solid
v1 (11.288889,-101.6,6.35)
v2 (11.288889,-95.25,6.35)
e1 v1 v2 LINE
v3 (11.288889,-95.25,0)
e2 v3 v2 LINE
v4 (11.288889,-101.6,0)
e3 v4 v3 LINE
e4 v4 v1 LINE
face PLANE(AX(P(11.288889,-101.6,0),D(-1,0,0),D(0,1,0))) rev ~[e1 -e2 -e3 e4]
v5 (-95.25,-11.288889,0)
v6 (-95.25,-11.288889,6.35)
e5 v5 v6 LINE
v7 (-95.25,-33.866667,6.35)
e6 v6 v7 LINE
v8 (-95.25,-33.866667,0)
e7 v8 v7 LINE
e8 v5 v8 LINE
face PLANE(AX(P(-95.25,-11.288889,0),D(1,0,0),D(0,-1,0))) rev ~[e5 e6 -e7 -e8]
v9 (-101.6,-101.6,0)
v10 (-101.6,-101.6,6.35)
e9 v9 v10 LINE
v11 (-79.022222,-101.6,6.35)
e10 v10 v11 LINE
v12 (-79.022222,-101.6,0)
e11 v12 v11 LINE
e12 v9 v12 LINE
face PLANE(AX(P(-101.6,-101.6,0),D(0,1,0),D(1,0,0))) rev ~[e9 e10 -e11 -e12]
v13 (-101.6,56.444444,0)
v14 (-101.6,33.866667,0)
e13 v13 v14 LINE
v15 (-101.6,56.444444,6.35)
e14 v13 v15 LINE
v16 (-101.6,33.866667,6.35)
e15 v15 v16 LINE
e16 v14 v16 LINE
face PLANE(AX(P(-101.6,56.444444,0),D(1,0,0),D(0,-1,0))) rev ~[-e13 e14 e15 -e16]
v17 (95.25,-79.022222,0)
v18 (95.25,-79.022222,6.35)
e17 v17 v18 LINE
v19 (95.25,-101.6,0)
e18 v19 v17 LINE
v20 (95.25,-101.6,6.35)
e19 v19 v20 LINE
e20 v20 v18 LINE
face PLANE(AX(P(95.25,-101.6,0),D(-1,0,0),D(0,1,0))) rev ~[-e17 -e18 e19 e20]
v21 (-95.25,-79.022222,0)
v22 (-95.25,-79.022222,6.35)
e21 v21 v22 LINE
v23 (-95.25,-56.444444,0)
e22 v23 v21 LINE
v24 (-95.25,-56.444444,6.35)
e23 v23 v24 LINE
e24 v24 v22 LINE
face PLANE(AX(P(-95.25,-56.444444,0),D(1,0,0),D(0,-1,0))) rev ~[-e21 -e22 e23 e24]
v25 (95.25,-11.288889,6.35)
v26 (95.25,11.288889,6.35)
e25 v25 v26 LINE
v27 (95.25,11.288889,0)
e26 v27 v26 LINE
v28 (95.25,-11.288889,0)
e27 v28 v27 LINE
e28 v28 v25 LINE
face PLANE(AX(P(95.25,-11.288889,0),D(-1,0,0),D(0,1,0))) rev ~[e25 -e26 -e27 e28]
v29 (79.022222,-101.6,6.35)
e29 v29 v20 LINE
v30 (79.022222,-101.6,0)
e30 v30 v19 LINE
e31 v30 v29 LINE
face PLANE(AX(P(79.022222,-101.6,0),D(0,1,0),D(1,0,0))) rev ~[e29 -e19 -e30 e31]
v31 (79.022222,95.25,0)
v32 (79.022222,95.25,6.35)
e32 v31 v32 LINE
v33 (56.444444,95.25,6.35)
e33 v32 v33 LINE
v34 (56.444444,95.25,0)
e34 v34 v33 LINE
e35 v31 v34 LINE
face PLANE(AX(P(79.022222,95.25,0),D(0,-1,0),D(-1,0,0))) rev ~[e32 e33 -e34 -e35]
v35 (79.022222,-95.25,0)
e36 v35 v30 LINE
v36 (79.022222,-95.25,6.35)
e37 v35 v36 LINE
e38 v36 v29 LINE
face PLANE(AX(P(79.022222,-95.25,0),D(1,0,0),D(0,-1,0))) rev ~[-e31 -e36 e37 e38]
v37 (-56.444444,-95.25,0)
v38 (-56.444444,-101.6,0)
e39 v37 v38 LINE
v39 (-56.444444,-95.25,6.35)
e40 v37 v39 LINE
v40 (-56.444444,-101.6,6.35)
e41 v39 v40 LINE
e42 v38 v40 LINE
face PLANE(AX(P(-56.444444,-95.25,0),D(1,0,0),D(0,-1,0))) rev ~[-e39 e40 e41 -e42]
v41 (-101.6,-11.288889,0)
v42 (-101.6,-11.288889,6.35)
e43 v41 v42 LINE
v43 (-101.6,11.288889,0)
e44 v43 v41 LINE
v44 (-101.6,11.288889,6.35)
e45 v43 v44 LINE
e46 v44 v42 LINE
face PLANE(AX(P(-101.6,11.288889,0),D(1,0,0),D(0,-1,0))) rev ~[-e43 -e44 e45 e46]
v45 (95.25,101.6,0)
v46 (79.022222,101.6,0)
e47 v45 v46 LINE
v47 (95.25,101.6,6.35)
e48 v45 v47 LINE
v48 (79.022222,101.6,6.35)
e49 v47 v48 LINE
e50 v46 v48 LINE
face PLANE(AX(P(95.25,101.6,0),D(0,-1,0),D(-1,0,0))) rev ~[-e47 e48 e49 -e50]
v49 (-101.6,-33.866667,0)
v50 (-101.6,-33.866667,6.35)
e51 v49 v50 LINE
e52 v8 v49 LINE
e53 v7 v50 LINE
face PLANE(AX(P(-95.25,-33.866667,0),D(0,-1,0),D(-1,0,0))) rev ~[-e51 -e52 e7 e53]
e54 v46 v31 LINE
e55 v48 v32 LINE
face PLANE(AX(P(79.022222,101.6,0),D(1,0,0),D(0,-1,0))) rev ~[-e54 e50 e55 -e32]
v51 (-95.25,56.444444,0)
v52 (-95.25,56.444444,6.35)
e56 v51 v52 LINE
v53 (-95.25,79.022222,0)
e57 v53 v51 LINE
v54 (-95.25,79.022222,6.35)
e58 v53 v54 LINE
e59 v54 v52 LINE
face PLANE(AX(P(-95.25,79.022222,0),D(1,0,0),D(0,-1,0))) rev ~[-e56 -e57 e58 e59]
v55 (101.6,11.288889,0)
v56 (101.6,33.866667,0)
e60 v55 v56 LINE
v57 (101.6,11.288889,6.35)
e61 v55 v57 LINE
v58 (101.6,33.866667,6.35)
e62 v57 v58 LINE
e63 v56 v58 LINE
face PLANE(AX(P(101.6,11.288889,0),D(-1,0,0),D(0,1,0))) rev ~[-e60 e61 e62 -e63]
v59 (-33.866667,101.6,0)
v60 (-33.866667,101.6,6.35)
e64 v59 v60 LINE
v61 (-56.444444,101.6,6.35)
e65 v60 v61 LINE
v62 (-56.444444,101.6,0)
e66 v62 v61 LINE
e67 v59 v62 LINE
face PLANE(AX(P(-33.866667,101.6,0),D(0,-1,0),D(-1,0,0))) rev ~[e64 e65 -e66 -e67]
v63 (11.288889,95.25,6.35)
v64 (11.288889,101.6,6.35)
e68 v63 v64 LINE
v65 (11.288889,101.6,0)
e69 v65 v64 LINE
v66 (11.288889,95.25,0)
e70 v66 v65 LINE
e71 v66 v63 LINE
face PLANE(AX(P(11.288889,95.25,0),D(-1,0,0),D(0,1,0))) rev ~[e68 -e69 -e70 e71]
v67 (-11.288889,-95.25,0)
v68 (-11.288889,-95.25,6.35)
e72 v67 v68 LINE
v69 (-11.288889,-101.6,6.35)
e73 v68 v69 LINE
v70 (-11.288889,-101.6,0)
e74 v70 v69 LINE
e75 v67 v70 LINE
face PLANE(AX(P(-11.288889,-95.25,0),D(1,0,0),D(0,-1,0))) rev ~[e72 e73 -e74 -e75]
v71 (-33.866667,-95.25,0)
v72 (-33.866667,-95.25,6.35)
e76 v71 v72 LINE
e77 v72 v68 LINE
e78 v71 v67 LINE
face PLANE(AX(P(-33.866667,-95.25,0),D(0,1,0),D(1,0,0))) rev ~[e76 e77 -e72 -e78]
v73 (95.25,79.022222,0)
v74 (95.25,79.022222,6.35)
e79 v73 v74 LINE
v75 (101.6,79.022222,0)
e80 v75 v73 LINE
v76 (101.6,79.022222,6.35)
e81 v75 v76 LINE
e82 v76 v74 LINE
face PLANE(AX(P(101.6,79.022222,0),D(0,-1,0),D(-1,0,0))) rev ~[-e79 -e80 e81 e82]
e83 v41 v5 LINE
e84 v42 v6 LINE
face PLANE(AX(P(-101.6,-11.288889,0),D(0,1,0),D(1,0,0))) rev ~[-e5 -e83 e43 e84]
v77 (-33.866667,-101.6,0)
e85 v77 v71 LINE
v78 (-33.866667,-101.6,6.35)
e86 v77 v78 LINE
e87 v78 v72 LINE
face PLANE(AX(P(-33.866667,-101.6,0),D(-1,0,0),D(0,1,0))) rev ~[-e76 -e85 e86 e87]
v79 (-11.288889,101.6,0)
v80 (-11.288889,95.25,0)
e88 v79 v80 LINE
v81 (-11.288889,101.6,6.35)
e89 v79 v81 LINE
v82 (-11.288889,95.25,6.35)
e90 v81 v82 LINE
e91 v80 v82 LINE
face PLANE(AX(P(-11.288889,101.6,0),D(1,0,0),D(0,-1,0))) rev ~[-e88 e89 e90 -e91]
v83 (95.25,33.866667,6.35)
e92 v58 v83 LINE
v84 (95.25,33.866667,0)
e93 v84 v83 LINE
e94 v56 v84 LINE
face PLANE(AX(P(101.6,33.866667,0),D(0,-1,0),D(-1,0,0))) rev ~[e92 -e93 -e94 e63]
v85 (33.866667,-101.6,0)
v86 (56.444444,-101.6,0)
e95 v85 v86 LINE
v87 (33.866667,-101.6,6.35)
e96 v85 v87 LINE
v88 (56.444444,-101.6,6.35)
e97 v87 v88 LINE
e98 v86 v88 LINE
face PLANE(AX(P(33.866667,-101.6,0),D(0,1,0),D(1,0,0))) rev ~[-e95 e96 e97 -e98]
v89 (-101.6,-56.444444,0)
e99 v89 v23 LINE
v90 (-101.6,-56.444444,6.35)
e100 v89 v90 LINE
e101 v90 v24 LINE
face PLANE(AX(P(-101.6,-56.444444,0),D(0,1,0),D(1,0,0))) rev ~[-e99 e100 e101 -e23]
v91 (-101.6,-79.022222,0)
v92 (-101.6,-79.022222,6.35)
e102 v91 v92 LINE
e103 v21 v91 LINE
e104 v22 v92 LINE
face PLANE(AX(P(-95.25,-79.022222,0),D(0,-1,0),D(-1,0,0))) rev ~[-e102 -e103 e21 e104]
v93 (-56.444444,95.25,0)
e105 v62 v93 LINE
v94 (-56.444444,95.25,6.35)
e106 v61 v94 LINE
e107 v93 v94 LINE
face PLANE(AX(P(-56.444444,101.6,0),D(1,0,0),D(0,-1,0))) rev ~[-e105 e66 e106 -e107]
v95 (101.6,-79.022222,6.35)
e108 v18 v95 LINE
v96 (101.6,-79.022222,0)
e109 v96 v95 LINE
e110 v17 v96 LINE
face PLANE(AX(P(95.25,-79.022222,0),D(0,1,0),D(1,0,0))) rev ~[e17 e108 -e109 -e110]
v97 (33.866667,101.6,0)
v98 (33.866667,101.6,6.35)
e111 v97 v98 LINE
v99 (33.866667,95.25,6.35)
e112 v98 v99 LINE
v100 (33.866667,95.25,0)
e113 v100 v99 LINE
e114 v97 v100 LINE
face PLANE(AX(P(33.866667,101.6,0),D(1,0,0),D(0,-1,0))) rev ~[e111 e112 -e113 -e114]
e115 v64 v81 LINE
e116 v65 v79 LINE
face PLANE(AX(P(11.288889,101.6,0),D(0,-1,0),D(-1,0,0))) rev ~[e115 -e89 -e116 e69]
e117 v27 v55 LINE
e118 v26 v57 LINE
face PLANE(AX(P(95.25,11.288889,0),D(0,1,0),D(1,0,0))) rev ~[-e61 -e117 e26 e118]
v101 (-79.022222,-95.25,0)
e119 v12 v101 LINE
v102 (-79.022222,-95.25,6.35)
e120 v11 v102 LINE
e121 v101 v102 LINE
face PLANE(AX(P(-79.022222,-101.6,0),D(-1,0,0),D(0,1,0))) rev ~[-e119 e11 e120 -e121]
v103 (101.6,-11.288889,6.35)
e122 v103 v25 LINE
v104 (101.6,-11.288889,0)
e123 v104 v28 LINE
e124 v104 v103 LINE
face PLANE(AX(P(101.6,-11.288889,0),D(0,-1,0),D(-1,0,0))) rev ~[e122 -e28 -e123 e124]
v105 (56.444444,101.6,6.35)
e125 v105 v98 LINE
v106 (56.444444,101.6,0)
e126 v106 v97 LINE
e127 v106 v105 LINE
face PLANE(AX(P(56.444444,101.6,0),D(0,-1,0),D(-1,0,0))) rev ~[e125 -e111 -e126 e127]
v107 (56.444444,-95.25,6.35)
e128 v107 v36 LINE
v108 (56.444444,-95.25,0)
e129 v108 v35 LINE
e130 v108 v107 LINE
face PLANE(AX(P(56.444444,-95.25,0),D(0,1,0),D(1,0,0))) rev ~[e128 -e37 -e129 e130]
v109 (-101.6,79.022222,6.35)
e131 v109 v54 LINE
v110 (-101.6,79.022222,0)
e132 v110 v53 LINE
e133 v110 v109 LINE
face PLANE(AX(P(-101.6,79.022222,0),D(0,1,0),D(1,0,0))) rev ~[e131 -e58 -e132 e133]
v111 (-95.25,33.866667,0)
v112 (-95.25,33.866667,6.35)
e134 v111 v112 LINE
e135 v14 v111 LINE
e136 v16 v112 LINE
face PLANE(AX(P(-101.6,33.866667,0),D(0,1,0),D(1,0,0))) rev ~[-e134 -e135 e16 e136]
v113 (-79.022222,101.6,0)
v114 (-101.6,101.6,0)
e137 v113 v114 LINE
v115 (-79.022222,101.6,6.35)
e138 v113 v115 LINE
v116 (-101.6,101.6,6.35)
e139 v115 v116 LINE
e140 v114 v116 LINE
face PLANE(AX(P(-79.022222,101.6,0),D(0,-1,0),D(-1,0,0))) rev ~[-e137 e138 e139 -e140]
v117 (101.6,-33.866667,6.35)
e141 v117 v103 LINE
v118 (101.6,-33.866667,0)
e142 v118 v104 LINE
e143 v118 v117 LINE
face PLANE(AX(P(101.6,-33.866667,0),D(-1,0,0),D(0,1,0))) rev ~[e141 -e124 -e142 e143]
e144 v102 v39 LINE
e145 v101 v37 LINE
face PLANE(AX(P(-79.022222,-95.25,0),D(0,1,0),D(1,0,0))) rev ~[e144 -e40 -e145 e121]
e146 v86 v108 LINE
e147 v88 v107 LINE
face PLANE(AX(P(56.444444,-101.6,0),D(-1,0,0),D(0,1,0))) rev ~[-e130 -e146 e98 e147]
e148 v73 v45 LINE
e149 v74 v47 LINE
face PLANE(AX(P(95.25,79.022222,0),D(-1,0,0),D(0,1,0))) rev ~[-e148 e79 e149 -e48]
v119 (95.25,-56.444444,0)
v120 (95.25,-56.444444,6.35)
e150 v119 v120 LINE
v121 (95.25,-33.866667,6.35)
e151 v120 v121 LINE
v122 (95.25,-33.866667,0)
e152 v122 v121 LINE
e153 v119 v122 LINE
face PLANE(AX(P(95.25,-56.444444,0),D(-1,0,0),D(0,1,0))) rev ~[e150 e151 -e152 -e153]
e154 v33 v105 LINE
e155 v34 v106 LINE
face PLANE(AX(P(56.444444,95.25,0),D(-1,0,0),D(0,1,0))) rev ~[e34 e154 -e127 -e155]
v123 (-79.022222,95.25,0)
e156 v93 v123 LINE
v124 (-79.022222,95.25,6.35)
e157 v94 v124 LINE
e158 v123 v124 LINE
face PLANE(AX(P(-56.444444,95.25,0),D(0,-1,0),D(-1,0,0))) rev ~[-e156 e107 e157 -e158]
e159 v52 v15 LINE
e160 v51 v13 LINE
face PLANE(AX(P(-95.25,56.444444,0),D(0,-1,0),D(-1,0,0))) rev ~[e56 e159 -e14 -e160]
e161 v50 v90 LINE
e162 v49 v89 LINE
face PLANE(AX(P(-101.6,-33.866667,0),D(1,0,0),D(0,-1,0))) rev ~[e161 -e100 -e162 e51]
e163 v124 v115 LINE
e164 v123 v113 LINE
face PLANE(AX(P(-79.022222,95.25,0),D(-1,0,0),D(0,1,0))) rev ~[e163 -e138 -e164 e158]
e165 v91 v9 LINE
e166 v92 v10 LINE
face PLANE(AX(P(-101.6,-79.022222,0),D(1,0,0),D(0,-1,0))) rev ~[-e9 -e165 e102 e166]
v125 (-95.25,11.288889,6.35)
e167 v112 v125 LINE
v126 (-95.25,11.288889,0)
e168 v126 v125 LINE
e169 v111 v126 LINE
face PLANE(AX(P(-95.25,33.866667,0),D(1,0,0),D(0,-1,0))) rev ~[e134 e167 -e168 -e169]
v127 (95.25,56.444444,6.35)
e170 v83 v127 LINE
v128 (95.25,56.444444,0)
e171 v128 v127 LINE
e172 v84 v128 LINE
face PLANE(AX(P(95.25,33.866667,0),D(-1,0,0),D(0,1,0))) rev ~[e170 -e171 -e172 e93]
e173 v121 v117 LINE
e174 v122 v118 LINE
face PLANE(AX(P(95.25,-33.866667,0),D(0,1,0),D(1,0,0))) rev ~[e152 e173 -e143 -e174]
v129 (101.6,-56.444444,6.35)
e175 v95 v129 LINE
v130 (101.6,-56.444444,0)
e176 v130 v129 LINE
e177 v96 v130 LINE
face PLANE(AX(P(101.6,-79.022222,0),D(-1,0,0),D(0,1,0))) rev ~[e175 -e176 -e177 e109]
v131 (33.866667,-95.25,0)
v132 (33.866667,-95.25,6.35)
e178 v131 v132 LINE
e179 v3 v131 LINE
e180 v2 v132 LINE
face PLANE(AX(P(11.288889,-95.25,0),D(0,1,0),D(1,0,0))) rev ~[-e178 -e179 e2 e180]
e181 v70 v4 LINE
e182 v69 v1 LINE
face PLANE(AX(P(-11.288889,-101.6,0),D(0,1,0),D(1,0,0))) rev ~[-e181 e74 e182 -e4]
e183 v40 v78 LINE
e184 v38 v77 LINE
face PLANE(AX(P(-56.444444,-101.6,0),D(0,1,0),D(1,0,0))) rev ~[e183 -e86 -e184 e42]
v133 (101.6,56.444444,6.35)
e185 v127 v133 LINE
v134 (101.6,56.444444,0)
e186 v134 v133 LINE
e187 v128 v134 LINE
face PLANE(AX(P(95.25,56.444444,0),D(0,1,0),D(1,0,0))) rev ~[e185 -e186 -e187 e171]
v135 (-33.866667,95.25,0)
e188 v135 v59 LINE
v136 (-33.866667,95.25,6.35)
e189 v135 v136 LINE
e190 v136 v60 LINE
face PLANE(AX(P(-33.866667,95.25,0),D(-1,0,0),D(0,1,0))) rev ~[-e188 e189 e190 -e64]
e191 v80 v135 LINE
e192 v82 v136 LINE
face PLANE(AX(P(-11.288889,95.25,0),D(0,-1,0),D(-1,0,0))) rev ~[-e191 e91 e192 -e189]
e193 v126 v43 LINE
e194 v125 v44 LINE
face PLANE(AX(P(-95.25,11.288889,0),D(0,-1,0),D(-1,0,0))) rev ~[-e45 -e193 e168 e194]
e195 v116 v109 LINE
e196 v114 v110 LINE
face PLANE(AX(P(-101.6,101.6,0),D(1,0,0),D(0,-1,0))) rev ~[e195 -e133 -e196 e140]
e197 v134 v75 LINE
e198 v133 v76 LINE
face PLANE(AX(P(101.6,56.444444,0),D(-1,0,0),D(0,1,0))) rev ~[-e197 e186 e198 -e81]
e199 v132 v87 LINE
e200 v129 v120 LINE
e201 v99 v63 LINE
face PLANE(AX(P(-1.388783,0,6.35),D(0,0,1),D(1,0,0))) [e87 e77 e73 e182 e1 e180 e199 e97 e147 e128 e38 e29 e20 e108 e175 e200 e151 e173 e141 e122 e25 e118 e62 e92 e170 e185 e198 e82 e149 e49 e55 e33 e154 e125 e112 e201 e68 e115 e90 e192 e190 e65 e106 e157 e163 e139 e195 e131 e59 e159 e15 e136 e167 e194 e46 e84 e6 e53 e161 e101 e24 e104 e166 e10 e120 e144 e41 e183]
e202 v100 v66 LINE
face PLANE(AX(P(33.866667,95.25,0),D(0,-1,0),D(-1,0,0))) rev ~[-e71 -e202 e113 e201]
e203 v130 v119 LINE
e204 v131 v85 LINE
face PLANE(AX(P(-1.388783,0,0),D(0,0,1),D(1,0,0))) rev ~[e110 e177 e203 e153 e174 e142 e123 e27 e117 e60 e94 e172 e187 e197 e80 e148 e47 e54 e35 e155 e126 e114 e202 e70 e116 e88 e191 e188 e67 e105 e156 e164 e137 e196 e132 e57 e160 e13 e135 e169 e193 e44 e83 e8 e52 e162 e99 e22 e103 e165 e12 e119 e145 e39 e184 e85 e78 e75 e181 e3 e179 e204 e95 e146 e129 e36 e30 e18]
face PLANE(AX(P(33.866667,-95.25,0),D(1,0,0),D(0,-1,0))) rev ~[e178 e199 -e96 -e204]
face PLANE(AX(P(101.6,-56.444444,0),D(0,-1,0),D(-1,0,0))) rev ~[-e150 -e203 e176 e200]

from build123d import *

# Parameters (mm, degrees)
F1_DEPTH = 6.35


with BuildPart() as f1:
    # F0 (on Top) → F1 (new body)
    with BuildSketch(Plane.XY):
        Polygon((-79.022222, 95.25), (-79.022222, 101.6), (-101.6, 101.6), (-101.6, 79.022222), (-95.25, 79.022222), (-95.25, 56.444444), (-101.6, 56.444444), (-101.6, 33.866667), (-95.25, 33.866667), (-95.25, 11.288889), (-101.6, 11.288889), (-101.6, 0), (-101.6, -11.288889), (-95.25, -11.288889), (-95.25, -33.866667), (-101.6, -33.866667), (-101.6, -56.444444), (-95.25, -56.444444), (-95.25, -79.022222), (-101.6, -79.022222), (-101.6, -101.6), (-79.022222, -101.6), (-79.022222, -95.25), (-56.444444, -95.25), (-56.444444, -101.6), (-33.866667, -101.6), (-33.866667, -95.25), (-11.288889, -95.25), (-11.288889, -101.6), (11.288889, -101.6), (11.288889, -95.25), (33.866667, -95.25), (33.866667, -101.6), (56.444444, -101.6), (56.444444, -95.25), (79.022222, -95.25), (79.022222, -101.6), (95.25, -101.6), (95.25, -79.022222), (101.6, -79.022222), (101.6, -56.444444), (95.25, -56.444444), (95.25, -33.866667), (101.6, -33.866667), (101.6, -11.288889), (95.25, -11.288889), (95.25, 0), (95.25, 11.288889), (101.6, 11.288889), (101.6, 33.866667), (95.25, 33.866667), (95.25, 56.444444), (101.6, 56.444444), (101.6, 79.022222), (95.25, 79.022222), (95.25, 101.6), (79.022222, 101.6), (79.022222, 95.25), (56.444444, 95.25), (56.444444, 101.6), (33.866667, 101.6), (33.866667, 95.25), (11.288889, 95.25), (11.288889, 101.6), (-11.288889, 101.6), (-11.288889, 95.25), (-33.866667, 95.25), (-33.866667, 101.6), (-56.444444, 101.6), (-56.444444, 95.25), align=None)
    extrude(amount=F1_DEPTH)


solid = f1.part
